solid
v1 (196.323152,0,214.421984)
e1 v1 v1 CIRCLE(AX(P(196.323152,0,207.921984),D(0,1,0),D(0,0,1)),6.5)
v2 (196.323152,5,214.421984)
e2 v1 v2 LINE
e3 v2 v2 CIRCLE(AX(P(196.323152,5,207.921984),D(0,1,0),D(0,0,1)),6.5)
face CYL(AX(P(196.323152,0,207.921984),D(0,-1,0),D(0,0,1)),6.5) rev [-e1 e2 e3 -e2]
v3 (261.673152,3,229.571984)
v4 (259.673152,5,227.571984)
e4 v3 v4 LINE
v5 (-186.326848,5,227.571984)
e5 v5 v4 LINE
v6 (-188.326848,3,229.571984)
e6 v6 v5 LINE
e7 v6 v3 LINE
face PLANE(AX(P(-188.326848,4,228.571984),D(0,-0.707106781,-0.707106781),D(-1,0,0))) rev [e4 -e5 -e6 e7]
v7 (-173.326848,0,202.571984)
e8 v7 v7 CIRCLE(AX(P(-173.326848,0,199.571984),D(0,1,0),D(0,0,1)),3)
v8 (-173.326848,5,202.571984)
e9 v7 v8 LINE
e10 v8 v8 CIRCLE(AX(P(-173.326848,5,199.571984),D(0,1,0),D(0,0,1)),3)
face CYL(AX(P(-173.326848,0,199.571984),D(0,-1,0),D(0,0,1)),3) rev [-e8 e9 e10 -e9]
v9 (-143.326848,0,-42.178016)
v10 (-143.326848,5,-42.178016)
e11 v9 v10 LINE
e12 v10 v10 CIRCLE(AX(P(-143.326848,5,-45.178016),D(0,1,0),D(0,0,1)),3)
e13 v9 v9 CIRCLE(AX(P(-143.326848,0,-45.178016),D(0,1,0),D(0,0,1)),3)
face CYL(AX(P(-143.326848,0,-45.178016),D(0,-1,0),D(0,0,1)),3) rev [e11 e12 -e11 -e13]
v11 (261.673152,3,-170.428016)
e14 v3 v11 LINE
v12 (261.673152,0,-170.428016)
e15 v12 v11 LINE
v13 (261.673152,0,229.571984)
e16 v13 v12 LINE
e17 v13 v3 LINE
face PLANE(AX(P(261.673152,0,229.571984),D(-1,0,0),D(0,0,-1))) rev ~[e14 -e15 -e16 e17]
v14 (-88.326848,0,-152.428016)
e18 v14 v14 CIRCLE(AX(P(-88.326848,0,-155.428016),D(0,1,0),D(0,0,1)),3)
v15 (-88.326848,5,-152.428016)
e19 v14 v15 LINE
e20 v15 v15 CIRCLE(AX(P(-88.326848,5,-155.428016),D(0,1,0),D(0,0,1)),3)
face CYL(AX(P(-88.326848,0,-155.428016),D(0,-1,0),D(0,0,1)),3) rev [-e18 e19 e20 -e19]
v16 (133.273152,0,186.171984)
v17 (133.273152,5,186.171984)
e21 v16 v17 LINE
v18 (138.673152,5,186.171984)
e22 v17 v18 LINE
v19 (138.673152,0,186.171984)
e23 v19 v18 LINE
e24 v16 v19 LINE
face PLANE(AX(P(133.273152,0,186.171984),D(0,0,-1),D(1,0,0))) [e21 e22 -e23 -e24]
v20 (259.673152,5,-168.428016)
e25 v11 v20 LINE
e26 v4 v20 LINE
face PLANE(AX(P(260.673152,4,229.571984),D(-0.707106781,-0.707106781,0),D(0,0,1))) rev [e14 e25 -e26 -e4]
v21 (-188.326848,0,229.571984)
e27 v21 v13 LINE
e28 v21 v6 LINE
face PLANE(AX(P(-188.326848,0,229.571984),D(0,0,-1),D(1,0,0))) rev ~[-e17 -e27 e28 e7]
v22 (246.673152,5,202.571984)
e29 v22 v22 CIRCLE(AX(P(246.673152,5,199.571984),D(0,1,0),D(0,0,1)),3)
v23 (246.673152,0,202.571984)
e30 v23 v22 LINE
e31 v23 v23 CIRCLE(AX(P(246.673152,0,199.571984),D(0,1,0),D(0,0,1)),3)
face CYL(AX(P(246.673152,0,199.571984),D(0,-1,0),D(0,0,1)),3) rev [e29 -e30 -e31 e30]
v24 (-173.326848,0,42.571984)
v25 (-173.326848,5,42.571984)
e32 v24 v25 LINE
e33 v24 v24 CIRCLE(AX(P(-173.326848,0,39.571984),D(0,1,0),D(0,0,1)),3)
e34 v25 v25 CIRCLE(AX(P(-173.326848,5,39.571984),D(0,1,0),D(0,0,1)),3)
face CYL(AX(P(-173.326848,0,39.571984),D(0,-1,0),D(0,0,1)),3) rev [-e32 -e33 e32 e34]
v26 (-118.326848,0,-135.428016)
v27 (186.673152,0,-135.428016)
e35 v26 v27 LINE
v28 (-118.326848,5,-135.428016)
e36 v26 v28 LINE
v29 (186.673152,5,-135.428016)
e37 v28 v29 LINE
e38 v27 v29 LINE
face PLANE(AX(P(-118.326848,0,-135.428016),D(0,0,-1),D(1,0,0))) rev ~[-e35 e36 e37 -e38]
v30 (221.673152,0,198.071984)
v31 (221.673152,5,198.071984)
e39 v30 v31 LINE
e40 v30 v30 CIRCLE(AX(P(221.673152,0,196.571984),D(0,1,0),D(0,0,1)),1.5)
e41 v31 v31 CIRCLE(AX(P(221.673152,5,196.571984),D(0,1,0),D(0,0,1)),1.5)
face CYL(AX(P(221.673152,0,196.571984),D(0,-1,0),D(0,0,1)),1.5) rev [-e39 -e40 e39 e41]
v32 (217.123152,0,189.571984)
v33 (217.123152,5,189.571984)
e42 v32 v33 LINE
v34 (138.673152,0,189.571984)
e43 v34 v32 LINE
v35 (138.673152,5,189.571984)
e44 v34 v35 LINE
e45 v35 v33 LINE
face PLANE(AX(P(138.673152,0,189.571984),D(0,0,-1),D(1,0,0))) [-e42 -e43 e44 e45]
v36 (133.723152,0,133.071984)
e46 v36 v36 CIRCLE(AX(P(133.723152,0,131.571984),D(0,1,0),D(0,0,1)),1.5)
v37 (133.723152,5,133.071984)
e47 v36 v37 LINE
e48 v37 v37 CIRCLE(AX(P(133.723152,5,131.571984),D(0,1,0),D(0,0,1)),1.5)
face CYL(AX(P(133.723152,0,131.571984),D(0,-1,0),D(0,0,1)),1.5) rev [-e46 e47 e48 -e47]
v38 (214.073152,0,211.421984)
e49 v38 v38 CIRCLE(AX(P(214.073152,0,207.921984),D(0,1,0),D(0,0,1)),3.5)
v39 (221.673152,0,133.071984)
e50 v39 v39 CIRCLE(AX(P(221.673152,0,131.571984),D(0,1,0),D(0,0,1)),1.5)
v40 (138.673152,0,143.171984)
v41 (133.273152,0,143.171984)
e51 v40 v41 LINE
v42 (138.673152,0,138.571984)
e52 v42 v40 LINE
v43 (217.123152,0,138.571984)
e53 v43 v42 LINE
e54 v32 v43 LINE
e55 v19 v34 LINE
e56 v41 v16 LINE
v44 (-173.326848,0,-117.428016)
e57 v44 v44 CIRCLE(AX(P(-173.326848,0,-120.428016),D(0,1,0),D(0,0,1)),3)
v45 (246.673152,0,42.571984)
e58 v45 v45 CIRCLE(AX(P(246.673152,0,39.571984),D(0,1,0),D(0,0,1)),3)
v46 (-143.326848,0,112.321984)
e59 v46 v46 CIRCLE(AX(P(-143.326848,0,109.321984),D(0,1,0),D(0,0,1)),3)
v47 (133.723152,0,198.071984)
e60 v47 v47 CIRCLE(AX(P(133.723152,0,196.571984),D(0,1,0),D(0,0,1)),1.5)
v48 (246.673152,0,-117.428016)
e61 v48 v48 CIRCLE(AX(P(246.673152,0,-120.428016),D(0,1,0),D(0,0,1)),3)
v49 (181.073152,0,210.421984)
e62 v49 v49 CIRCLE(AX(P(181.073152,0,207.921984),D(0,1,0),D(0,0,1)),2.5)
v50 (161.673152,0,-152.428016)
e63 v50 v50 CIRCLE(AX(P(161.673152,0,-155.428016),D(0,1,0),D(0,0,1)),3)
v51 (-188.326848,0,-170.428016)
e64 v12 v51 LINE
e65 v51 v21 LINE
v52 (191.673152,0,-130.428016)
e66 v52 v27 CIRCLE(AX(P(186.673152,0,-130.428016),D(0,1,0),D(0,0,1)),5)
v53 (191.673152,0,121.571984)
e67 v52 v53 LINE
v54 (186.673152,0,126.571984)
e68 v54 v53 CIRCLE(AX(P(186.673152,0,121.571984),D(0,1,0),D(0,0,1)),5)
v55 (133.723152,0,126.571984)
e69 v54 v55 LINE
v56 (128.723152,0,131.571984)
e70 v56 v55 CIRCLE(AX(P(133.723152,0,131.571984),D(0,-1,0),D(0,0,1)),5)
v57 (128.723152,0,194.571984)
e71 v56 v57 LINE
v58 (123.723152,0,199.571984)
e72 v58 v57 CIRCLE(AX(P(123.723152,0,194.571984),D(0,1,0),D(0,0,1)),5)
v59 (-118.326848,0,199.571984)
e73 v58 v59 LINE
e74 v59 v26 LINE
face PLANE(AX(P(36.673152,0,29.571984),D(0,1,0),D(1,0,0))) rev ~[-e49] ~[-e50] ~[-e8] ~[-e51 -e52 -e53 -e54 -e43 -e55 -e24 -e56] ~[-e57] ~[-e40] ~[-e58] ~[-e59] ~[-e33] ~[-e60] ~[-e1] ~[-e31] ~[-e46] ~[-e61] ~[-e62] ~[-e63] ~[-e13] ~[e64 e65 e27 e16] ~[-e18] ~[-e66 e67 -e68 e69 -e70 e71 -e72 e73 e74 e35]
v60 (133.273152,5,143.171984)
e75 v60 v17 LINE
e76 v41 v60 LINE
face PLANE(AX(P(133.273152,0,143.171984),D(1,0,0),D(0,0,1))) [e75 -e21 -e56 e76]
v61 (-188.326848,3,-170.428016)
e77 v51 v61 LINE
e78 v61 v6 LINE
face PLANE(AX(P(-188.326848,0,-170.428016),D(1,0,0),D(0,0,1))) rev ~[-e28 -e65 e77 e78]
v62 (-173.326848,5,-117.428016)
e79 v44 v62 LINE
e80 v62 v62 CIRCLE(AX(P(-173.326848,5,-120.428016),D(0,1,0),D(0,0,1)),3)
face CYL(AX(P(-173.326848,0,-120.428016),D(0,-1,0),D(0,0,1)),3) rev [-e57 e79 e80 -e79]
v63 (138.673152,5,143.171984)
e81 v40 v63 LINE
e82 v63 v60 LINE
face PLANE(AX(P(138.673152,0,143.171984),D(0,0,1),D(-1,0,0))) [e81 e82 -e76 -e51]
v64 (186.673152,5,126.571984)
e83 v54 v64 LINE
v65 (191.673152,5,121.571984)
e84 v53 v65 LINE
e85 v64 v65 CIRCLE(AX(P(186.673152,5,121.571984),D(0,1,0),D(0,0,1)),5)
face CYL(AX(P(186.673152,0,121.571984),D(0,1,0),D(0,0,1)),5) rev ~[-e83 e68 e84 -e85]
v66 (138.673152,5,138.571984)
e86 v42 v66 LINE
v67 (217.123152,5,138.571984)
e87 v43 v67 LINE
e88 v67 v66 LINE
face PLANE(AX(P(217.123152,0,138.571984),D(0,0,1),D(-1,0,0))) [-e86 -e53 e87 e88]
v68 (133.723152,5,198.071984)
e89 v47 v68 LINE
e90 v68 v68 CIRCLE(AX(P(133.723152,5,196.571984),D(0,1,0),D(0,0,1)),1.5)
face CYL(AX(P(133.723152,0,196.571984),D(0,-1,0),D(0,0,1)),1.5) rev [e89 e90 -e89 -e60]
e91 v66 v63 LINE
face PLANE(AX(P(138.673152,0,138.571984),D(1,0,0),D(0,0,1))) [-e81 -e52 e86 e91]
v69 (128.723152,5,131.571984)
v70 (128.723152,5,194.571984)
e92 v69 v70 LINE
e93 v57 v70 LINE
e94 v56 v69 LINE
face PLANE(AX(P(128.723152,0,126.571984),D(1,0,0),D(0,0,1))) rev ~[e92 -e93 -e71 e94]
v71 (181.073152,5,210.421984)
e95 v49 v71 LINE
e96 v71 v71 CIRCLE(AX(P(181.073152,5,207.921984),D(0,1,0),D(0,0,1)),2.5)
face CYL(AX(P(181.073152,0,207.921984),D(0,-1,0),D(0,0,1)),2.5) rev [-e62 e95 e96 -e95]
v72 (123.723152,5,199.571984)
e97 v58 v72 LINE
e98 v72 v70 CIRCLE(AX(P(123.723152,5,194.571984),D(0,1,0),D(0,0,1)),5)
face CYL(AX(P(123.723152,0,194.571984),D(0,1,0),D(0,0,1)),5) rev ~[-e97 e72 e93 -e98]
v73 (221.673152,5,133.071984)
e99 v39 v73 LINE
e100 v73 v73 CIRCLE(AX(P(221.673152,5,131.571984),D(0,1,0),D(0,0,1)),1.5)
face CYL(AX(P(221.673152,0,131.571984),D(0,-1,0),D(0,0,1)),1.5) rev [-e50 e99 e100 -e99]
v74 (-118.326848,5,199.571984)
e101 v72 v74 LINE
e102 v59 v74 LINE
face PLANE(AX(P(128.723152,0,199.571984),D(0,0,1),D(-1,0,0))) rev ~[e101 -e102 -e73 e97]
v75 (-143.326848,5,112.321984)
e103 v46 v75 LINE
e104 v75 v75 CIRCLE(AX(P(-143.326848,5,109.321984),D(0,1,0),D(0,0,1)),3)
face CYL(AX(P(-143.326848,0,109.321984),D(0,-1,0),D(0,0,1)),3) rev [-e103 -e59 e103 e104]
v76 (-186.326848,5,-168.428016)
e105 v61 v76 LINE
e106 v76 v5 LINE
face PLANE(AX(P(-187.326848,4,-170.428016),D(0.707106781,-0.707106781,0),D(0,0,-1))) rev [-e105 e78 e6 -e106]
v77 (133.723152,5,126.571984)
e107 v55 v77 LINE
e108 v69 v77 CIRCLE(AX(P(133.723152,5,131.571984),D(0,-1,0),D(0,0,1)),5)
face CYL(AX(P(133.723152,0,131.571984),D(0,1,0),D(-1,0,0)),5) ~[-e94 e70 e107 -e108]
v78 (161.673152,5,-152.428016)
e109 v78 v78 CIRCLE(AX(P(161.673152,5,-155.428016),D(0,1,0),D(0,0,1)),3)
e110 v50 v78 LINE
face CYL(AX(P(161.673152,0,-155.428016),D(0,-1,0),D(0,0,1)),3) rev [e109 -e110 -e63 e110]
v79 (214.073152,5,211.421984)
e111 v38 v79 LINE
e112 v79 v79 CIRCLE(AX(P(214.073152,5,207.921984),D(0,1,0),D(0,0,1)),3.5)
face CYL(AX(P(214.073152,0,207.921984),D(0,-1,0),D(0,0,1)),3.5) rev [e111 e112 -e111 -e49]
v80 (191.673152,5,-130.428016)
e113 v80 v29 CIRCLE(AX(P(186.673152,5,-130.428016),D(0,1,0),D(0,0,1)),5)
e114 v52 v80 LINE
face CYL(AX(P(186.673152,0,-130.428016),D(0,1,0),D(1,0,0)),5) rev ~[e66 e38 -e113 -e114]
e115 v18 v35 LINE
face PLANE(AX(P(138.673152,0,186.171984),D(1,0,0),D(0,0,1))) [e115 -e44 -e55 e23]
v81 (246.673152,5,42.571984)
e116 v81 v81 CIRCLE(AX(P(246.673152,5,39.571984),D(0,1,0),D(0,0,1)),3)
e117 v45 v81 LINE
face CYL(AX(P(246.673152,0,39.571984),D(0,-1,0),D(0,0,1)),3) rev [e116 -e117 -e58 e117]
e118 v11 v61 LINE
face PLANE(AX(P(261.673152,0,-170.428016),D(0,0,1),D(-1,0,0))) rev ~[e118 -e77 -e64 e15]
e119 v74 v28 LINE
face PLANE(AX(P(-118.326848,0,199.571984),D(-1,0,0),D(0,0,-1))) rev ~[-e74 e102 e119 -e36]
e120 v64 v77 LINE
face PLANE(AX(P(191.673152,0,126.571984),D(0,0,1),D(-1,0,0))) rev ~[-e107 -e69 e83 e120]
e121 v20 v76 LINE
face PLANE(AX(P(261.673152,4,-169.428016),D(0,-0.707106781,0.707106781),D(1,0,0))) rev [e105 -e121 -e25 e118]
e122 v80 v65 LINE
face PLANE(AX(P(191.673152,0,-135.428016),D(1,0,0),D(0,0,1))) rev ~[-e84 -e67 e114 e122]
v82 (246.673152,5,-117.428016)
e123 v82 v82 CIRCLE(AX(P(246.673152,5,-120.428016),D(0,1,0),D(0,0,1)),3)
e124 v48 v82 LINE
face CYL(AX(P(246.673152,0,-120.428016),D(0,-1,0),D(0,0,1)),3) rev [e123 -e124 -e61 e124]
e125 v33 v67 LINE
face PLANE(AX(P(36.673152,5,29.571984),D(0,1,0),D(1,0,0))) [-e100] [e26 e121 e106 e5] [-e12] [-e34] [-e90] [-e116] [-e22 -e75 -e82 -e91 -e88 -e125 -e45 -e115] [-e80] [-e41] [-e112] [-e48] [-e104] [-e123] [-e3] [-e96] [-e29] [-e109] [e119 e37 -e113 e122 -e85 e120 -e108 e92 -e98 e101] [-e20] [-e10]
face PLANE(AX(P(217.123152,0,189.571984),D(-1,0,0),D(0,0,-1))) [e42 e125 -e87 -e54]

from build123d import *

# Parameters (mm, degrees)
CROQUIS1_R              = 3
CROQUIS1_R_2            = 1.5
CROQUIS1_R_3            = 6.5
CROQUIS1_R_4            = 3.5
CROQUIS1_R_5            = 2.5
SALIENTE_EXTRUIR1_DEPTH = 5
CHAFL_N1_SIZE           = 2
REDONDEO1_R             = 5


with BuildPart() as part:
    # Croquis1 → Saliente-Extruir1 (new body)
    with BuildSketch(Plane(origin=(0, 0, 0), x_dir=(1, 0, 0), z_dir=(0, 1, 0))):
        Polygon((191.673151751, -229.571984436), (261.673151751, -229.571984436), (261.673151751, 170.428015564), (-188.326848249, 170.428015564), (-188.326848249, -229.571984436), (-118.326848249, -229.571984436), align=None)
        with Locations(Location((-173.326848249, 120.428015564, 0), (0, 0, 270))):
            Circle(CROQUIS1_R, mode=Mode.SUBTRACT)
        with Locations(Location((-173.326848249, -199.571984436, 0), (0, 0, 270))):
            Circle(CROQUIS1_R, mode=Mode.SUBTRACT)
        with Locations(Location((246.673151751, -199.571984436, 0), (0, 0, 270))):
            Circle(CROQUIS1_R, mode=Mode.SUBTRACT)
        with Locations(Location((246.673151751, 120.428015564, 0), (0, 0, 270))):
            Circle(CROQUIS1_R, mode=Mode.SUBTRACT)
        with Locations(Location((-173.326848249, -39.571984436, 0), (0, 0, 270))):
            Circle(CROQUIS1_R, mode=Mode.SUBTRACT)
        with Locations(Location((246.673151751, -39.571984436, 0), (0, 0, 270))):
            Circle(CROQUIS1_R, mode=Mode.SUBTRACT)
        with Locations(Location((-88.326848249, 155.428015564, 0), (0, 0, 270))):
            Circle(CROQUIS1_R, mode=Mode.SUBTRACT)
        with Locations(Location((161.673151751, 155.428015564, 0), (0, 0, 270))):
            Circle(CROQUIS1_R, mode=Mode.SUBTRACT)
        with Locations(Location((133.723151751, -131.571984436, 0), (0, 0, 270))):
            Circle(CROQUIS1_R_2, mode=Mode.SUBTRACT)
        with Locations(Location((133.723151751, -196.571984436, 0), (0, 0, 270))):
            Circle(CROQUIS1_R_2, mode=Mode.SUBTRACT)
        with Locations(Location((221.673151751, -196.571984436, 0), (0, 0, 270))):
            Circle(CROQUIS1_R_2, mode=Mode.SUBTRACT)
        with Locations(Location((221.673151751, -131.571984436, 0), (0, 0, 270))):
            Circle(CROQUIS1_R_2, mode=Mode.SUBTRACT)
        with Locations(Location((196.323151751, -207.921984436, 0), (0, 0, 270))):
            Circle(CROQUIS1_R_3, mode=Mode.SUBTRACT)
        with Locations(Location((214.073151751, -207.921984436, 0), (0, 0, 270))):
            Circle(CROQUIS1_R_4, mode=Mode.SUBTRACT)
        with Locations(Location((181.073151751, -207.921984436, 0), (0, 0, 270))):
            Circle(CROQUIS1_R_5, mode=Mode.SUBTRACT)
        with Locations(Location((-143.326848249, 45.178015564, 0), (0, 0, 270))):
            Circle(CROQUIS1_R, mode=Mode.SUBTRACT)
        with Locations(Location((-143.326848249, -109.321984436, 0), (0, 0, 270))):
            Circle(CROQUIS1_R, mode=Mode.SUBTRACT)
        Polygon((138.673151751, -186.171984436), (138.673151751, -189.571984436), (217.123151751, -189.571984436), (217.123151751, -138.571984436), (138.673151751, -138.571984436), (138.673151751, -143.171984436), (133.273151751, -143.171984436), (133.273151751, -186.171984436), align=None, mode=Mode.SUBTRACT)
        Polygon((-118.326848249, -199.571984436), (-118.326848249, 135.428015564), (191.673151751, 135.428015564), (191.673151751, -126.571984436), (128.723151751, -126.571984436), (128.723151751, -199.571984436), align=None, mode=Mode.SUBTRACT)
    extrude(amount=SALIENTE_EXTRUIR1_DEPTH)

    # Chaflán1
    chafl_n1_edges = [part.edges().sort_by_distance(p)[0] for p in [
        (261.673151751, 5, 29.571984436),
        (36.673151751, 5, -170.428015564),
        (-188.326848249, 5, 29.571984436),
        (36.673151751, 5, 229.571984436),
    ]]
    chamfer(chafl_n1_edges, length=CHAFL_N1_SIZE)

    # Redondeo1
    redondeo1_edges = [part.edges().sort_by_distance(p)[0] for p in [
        (191.673151751, 2.5, 126.571984436),
        (191.673151751, 2.5, -135.428015564),
        (128.723151751, 2.5, 199.571984436),
        (128.723151751, 2.5, 126.571984436),
    ]]
    fillet(redondeo1_edges, radius=REDONDEO1_R)


solid = part.part
